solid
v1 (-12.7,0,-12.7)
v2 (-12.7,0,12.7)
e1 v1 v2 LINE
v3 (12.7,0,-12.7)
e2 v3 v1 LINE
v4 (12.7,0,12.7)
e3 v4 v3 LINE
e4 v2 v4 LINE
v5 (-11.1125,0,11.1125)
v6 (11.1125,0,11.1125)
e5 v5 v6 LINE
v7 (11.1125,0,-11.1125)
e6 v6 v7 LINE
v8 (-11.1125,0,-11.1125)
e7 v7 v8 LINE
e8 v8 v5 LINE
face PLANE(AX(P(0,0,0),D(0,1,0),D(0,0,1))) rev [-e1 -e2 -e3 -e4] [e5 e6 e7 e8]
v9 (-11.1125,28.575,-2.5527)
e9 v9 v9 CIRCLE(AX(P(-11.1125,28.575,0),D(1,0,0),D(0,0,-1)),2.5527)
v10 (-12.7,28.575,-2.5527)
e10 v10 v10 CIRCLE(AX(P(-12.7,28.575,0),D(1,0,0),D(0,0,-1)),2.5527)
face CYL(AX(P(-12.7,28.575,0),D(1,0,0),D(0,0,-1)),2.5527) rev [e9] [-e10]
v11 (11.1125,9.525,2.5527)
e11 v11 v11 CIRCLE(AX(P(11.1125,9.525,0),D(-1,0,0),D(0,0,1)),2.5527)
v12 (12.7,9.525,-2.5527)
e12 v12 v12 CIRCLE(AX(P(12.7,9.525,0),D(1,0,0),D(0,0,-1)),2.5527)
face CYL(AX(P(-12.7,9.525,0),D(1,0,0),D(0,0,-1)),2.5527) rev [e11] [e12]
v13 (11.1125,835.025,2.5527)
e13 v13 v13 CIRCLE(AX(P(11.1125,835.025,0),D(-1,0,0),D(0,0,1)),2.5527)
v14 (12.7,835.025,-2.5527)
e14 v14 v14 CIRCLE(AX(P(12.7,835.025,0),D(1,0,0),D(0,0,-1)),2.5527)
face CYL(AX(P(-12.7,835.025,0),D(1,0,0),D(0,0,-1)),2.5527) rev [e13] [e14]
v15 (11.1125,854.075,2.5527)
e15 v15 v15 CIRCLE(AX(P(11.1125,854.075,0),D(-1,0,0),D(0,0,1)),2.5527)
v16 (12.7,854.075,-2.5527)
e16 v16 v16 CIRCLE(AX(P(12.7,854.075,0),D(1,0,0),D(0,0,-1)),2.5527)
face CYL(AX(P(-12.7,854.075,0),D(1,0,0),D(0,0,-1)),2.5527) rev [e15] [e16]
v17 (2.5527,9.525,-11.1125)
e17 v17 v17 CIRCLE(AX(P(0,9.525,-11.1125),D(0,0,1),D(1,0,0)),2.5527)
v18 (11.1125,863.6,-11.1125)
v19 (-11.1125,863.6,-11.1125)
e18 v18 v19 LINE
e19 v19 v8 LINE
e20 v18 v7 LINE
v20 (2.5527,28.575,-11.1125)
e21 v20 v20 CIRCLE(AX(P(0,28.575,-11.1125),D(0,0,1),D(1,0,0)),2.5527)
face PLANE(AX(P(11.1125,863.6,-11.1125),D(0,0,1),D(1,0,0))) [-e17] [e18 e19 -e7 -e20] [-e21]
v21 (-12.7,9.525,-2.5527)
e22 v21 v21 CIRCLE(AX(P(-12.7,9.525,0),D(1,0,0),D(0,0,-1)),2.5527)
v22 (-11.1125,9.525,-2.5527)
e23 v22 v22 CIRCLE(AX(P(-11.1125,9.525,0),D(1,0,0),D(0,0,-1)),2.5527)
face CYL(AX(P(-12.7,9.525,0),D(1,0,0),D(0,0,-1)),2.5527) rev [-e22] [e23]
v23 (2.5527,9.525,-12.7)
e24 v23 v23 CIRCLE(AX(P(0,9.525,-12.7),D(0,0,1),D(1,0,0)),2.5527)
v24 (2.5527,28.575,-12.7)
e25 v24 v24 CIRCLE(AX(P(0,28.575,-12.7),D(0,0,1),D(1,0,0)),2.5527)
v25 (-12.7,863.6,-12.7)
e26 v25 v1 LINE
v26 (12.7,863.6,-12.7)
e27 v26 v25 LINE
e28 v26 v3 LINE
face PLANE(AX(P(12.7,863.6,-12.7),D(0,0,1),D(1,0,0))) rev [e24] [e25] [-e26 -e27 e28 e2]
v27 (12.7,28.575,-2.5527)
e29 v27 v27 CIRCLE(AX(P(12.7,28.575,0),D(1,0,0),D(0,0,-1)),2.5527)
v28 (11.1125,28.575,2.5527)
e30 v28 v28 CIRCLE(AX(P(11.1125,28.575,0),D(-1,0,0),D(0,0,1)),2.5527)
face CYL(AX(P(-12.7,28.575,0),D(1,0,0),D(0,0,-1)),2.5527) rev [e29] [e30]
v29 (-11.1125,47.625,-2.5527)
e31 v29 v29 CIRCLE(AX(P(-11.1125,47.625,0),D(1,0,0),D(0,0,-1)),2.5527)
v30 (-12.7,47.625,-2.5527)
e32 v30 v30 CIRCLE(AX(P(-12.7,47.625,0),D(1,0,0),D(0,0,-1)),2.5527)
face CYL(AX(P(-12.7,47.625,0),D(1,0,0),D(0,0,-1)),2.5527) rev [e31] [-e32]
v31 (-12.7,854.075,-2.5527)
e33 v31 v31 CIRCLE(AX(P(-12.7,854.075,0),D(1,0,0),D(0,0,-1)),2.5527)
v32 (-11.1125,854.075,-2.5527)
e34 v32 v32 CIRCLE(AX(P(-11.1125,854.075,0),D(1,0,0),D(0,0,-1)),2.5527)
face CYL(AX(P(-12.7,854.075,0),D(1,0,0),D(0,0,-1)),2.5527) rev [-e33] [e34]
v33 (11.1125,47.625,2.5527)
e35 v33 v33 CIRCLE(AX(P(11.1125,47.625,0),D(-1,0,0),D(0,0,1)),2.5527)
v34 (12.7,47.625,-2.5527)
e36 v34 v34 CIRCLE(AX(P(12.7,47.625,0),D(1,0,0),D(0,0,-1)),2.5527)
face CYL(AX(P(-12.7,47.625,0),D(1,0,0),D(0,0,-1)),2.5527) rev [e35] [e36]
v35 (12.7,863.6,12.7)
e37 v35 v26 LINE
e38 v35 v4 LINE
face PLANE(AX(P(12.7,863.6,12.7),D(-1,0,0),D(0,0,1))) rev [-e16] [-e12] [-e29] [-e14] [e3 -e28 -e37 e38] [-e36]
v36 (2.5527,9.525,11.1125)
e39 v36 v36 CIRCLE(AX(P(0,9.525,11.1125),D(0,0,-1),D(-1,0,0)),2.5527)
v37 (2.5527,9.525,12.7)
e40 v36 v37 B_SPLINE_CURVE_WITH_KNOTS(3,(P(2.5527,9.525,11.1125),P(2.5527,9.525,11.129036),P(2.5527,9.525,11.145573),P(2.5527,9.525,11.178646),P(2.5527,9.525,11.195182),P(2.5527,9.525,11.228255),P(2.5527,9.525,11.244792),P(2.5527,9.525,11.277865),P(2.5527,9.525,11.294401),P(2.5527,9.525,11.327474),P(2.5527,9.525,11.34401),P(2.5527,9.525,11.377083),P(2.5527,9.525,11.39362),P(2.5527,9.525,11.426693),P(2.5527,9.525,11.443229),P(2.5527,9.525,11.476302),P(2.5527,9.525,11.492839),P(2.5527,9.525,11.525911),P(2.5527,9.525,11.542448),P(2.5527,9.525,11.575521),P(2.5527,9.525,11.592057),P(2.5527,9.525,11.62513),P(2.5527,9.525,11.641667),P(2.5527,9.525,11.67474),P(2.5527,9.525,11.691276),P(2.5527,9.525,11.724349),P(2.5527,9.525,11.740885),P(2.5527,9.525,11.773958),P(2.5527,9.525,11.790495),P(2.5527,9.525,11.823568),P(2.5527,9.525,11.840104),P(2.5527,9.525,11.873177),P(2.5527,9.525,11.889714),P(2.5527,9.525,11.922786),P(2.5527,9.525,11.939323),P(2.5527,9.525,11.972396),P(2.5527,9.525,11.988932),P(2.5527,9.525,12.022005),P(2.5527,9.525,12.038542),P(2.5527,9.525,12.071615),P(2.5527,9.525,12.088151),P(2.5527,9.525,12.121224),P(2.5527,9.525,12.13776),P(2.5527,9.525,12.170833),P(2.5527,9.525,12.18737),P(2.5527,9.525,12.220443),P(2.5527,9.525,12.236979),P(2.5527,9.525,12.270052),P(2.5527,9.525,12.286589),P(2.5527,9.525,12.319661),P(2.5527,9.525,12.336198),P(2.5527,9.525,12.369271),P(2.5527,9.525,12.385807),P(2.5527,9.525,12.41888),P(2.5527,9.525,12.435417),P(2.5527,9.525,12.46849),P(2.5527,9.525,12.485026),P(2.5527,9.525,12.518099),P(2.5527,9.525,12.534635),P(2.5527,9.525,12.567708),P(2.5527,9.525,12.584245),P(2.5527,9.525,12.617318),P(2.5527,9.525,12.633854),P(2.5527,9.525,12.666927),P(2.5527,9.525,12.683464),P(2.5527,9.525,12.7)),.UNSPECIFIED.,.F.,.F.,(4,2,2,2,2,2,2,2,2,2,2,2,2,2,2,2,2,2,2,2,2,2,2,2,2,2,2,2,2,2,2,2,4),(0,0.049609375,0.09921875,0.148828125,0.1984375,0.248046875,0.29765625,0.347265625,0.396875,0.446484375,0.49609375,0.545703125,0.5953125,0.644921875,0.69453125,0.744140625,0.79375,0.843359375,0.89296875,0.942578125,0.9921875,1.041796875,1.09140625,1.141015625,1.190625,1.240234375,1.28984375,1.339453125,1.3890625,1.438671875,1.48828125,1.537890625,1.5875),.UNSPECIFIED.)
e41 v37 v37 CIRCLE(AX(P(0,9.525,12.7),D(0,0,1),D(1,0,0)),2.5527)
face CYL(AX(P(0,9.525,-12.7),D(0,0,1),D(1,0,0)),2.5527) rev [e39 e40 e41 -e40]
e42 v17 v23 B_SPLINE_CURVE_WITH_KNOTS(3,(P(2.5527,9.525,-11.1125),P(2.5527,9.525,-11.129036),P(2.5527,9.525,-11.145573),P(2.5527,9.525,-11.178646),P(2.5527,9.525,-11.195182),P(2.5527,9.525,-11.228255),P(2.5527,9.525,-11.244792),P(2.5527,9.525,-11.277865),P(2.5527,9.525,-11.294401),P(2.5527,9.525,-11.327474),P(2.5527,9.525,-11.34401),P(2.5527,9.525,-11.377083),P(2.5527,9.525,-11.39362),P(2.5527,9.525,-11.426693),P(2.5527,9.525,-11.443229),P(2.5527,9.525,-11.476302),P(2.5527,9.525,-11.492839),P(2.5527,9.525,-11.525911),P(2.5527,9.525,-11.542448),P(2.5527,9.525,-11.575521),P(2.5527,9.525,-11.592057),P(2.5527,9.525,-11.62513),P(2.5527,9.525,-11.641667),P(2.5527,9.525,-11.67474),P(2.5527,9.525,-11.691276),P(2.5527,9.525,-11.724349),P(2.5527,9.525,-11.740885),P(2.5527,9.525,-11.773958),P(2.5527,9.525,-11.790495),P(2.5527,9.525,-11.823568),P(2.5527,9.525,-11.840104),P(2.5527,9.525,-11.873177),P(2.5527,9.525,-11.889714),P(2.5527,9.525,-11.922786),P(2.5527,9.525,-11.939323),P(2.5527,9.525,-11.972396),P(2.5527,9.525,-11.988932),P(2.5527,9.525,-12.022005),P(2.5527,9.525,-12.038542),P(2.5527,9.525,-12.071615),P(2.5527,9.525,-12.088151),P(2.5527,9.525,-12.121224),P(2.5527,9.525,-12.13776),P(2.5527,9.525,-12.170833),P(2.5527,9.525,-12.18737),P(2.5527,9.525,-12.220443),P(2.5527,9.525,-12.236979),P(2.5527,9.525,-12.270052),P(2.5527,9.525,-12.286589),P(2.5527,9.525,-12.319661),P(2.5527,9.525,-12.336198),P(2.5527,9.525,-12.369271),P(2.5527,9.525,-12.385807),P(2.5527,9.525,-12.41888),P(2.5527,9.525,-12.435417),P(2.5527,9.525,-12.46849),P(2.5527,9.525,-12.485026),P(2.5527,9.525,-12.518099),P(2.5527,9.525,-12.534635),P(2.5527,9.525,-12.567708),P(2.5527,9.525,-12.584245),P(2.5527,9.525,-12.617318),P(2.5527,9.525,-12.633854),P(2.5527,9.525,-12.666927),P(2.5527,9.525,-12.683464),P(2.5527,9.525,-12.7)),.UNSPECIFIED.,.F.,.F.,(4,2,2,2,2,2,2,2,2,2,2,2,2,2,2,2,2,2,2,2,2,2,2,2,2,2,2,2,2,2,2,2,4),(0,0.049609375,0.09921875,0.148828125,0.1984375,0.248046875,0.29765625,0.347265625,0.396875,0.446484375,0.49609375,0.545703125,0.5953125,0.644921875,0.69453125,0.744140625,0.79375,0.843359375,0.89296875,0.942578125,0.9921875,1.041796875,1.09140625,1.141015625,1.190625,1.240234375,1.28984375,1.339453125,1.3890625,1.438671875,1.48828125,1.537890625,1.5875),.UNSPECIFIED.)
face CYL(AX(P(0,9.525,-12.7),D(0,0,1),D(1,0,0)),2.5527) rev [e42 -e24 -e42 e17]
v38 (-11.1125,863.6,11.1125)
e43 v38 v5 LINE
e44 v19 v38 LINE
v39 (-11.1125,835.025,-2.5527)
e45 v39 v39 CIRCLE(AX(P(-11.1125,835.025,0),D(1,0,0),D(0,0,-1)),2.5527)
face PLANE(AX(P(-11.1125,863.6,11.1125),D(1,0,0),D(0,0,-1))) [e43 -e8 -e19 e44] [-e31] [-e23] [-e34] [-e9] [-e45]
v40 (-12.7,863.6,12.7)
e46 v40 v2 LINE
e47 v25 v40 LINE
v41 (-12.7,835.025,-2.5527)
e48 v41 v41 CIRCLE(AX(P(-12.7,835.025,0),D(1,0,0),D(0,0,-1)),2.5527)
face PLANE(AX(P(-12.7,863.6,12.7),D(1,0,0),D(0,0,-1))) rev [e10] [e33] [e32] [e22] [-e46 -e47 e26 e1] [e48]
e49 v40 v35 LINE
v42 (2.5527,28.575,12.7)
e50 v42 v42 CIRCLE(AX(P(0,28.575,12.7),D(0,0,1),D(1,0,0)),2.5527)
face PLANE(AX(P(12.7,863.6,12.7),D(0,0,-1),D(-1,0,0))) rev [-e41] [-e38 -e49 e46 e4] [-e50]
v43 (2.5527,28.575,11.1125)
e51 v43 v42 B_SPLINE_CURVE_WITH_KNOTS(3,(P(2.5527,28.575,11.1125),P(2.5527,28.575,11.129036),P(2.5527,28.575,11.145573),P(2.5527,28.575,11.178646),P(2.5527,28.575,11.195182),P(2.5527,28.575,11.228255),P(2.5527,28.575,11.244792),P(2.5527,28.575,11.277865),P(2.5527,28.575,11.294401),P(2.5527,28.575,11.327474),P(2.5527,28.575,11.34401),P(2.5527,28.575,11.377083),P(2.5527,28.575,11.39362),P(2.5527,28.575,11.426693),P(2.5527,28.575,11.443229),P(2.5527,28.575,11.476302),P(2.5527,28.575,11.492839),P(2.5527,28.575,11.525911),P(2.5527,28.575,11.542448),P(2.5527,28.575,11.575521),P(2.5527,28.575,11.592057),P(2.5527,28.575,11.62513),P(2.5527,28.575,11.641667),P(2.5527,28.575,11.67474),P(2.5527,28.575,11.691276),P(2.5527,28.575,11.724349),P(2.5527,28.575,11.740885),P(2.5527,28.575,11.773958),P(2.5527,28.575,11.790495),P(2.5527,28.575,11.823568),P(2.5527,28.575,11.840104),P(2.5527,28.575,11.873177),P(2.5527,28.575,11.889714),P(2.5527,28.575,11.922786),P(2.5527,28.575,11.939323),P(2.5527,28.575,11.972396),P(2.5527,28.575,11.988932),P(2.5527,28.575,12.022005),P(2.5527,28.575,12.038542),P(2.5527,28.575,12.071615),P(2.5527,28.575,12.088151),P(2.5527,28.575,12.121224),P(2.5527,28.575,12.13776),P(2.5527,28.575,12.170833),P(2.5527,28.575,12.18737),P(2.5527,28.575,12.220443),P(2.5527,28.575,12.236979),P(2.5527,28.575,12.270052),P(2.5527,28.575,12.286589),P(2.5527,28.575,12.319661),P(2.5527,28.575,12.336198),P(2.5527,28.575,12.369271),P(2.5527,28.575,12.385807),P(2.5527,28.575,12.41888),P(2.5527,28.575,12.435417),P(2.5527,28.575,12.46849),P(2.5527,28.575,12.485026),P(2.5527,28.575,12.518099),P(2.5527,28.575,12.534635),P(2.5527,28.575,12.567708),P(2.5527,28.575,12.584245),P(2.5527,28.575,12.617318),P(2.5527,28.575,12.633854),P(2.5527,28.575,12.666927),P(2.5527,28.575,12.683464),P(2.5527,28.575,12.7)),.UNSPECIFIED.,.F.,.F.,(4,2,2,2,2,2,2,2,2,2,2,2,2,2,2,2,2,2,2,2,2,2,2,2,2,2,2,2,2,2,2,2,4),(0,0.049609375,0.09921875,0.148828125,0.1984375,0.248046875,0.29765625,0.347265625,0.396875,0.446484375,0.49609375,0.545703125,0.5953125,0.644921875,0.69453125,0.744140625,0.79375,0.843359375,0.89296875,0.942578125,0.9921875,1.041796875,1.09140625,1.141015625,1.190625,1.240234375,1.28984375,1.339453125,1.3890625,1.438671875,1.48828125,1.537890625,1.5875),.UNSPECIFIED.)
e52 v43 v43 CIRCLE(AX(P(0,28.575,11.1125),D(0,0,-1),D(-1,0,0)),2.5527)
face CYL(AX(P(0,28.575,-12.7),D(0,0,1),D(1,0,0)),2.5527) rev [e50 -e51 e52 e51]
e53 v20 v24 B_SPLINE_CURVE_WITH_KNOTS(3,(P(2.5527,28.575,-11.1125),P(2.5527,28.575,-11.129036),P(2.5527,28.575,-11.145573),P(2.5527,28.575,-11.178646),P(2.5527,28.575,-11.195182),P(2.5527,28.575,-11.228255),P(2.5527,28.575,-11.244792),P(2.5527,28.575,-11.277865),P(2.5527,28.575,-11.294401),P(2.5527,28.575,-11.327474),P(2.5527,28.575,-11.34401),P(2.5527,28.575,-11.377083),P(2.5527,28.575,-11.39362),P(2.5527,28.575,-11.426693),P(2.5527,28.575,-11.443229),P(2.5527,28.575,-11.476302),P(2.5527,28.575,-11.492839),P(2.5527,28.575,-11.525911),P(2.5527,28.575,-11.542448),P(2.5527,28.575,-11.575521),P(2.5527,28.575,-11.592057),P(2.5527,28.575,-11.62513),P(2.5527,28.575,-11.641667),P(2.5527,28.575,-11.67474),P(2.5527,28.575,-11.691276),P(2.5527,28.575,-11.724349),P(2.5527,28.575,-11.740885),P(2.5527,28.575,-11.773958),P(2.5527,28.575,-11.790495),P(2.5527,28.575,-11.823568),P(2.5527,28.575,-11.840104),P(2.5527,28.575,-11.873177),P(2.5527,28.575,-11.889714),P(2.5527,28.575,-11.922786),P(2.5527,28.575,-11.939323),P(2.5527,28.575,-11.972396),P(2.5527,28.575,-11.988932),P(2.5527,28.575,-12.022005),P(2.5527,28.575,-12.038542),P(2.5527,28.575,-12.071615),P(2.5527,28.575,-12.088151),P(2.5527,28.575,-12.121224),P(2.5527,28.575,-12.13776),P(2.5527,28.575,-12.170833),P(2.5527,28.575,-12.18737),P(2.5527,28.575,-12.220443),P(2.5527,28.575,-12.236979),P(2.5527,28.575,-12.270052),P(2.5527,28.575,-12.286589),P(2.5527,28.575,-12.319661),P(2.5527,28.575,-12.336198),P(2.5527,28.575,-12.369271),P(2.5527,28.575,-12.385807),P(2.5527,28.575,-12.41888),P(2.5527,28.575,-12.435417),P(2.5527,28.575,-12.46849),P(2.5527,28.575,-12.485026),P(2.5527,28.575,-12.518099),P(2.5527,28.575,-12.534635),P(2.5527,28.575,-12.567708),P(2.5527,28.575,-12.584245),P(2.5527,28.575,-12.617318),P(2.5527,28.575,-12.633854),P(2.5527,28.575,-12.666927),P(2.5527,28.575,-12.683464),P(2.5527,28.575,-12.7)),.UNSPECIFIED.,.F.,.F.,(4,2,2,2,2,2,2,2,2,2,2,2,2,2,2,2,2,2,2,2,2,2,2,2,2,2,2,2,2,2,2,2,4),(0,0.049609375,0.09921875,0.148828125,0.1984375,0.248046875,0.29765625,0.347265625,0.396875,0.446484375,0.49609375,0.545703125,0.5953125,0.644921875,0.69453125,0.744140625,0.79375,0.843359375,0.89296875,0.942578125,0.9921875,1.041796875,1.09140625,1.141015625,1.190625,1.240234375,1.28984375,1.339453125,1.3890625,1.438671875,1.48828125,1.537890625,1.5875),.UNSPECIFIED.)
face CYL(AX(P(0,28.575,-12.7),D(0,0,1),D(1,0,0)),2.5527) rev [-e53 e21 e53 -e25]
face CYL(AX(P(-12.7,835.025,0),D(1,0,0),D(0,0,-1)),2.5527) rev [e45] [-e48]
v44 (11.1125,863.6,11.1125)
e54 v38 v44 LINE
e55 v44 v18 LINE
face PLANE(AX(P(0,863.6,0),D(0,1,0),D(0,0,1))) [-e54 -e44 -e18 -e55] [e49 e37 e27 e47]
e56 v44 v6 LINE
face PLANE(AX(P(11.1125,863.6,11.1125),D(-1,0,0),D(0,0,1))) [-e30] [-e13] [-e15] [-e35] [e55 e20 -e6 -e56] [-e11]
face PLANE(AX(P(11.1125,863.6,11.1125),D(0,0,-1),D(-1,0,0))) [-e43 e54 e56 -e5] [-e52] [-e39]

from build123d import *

# Parameters (mm, degrees)
SKETCH1_W           = 25.4
SKETCH1_H           = 25.4
SKETCH1_W_2         = 22.225
SKETCH1_H_2         = 22.225
BOSS_EXTRUDE1_DEPTH = 863.6
SKETCH2_R           = 2.5527
CUT_EXTRUDE1_DEPTH  = 865.066785613
SKETCH3_R           = 2.5527
CUT_EXTRUDE2_DEPTH  = 865.066785613


with BuildPart() as part:
    # Sketch1 → Boss-Extrude1 (new body)
    with BuildSketch(Plane(origin=(0, 0, 0), x_dir=(1, 0, 0), z_dir=(0, 1, 0))):
        Rectangle(SKETCH1_W, SKETCH1_H)
        Rectangle(SKETCH1_W_2, SKETCH1_H_2, mode=Mode.SUBTRACT)
    extrude(amount=BOSS_EXTRUDE1_DEPTH)

    # Sketch2 → Cut-Extrude1 (cut, through all)
    with BuildSketch(Plane.XY.offset(12.7)):
        with Locations((0, 9.525)):
            Circle(SKETCH2_R)
        with Locations((0, 28.575)):
            Circle(SKETCH2_R)
    extrude(amount=-CUT_EXTRUDE1_DEPTH, mode=Mode.SUBTRACT)

    # Sketch3 → Cut-Extrude2 (cut, through all)
    with BuildSketch(Plane(origin=(12.7, 0, 0), x_dir=(0, 0, -1), z_dir=(1, 0, 0))):
        with Locations((0, 9.525)):
            Circle(SKETCH3_R)
        with Locations((0, 28.575)):
            Circle(SKETCH3_R)
        with Locations((0, 47.625)):
            Circle(SKETCH3_R)
        with Locations((0, 854.075)):
            Circle(SKETCH3_R)
        with Locations((0, 835.025)):
            Circle(SKETCH3_R)
    extrude(amount=-CUT_EXTRUDE2_DEPTH, mode=Mode.SUBTRACT)


solid = part.part
